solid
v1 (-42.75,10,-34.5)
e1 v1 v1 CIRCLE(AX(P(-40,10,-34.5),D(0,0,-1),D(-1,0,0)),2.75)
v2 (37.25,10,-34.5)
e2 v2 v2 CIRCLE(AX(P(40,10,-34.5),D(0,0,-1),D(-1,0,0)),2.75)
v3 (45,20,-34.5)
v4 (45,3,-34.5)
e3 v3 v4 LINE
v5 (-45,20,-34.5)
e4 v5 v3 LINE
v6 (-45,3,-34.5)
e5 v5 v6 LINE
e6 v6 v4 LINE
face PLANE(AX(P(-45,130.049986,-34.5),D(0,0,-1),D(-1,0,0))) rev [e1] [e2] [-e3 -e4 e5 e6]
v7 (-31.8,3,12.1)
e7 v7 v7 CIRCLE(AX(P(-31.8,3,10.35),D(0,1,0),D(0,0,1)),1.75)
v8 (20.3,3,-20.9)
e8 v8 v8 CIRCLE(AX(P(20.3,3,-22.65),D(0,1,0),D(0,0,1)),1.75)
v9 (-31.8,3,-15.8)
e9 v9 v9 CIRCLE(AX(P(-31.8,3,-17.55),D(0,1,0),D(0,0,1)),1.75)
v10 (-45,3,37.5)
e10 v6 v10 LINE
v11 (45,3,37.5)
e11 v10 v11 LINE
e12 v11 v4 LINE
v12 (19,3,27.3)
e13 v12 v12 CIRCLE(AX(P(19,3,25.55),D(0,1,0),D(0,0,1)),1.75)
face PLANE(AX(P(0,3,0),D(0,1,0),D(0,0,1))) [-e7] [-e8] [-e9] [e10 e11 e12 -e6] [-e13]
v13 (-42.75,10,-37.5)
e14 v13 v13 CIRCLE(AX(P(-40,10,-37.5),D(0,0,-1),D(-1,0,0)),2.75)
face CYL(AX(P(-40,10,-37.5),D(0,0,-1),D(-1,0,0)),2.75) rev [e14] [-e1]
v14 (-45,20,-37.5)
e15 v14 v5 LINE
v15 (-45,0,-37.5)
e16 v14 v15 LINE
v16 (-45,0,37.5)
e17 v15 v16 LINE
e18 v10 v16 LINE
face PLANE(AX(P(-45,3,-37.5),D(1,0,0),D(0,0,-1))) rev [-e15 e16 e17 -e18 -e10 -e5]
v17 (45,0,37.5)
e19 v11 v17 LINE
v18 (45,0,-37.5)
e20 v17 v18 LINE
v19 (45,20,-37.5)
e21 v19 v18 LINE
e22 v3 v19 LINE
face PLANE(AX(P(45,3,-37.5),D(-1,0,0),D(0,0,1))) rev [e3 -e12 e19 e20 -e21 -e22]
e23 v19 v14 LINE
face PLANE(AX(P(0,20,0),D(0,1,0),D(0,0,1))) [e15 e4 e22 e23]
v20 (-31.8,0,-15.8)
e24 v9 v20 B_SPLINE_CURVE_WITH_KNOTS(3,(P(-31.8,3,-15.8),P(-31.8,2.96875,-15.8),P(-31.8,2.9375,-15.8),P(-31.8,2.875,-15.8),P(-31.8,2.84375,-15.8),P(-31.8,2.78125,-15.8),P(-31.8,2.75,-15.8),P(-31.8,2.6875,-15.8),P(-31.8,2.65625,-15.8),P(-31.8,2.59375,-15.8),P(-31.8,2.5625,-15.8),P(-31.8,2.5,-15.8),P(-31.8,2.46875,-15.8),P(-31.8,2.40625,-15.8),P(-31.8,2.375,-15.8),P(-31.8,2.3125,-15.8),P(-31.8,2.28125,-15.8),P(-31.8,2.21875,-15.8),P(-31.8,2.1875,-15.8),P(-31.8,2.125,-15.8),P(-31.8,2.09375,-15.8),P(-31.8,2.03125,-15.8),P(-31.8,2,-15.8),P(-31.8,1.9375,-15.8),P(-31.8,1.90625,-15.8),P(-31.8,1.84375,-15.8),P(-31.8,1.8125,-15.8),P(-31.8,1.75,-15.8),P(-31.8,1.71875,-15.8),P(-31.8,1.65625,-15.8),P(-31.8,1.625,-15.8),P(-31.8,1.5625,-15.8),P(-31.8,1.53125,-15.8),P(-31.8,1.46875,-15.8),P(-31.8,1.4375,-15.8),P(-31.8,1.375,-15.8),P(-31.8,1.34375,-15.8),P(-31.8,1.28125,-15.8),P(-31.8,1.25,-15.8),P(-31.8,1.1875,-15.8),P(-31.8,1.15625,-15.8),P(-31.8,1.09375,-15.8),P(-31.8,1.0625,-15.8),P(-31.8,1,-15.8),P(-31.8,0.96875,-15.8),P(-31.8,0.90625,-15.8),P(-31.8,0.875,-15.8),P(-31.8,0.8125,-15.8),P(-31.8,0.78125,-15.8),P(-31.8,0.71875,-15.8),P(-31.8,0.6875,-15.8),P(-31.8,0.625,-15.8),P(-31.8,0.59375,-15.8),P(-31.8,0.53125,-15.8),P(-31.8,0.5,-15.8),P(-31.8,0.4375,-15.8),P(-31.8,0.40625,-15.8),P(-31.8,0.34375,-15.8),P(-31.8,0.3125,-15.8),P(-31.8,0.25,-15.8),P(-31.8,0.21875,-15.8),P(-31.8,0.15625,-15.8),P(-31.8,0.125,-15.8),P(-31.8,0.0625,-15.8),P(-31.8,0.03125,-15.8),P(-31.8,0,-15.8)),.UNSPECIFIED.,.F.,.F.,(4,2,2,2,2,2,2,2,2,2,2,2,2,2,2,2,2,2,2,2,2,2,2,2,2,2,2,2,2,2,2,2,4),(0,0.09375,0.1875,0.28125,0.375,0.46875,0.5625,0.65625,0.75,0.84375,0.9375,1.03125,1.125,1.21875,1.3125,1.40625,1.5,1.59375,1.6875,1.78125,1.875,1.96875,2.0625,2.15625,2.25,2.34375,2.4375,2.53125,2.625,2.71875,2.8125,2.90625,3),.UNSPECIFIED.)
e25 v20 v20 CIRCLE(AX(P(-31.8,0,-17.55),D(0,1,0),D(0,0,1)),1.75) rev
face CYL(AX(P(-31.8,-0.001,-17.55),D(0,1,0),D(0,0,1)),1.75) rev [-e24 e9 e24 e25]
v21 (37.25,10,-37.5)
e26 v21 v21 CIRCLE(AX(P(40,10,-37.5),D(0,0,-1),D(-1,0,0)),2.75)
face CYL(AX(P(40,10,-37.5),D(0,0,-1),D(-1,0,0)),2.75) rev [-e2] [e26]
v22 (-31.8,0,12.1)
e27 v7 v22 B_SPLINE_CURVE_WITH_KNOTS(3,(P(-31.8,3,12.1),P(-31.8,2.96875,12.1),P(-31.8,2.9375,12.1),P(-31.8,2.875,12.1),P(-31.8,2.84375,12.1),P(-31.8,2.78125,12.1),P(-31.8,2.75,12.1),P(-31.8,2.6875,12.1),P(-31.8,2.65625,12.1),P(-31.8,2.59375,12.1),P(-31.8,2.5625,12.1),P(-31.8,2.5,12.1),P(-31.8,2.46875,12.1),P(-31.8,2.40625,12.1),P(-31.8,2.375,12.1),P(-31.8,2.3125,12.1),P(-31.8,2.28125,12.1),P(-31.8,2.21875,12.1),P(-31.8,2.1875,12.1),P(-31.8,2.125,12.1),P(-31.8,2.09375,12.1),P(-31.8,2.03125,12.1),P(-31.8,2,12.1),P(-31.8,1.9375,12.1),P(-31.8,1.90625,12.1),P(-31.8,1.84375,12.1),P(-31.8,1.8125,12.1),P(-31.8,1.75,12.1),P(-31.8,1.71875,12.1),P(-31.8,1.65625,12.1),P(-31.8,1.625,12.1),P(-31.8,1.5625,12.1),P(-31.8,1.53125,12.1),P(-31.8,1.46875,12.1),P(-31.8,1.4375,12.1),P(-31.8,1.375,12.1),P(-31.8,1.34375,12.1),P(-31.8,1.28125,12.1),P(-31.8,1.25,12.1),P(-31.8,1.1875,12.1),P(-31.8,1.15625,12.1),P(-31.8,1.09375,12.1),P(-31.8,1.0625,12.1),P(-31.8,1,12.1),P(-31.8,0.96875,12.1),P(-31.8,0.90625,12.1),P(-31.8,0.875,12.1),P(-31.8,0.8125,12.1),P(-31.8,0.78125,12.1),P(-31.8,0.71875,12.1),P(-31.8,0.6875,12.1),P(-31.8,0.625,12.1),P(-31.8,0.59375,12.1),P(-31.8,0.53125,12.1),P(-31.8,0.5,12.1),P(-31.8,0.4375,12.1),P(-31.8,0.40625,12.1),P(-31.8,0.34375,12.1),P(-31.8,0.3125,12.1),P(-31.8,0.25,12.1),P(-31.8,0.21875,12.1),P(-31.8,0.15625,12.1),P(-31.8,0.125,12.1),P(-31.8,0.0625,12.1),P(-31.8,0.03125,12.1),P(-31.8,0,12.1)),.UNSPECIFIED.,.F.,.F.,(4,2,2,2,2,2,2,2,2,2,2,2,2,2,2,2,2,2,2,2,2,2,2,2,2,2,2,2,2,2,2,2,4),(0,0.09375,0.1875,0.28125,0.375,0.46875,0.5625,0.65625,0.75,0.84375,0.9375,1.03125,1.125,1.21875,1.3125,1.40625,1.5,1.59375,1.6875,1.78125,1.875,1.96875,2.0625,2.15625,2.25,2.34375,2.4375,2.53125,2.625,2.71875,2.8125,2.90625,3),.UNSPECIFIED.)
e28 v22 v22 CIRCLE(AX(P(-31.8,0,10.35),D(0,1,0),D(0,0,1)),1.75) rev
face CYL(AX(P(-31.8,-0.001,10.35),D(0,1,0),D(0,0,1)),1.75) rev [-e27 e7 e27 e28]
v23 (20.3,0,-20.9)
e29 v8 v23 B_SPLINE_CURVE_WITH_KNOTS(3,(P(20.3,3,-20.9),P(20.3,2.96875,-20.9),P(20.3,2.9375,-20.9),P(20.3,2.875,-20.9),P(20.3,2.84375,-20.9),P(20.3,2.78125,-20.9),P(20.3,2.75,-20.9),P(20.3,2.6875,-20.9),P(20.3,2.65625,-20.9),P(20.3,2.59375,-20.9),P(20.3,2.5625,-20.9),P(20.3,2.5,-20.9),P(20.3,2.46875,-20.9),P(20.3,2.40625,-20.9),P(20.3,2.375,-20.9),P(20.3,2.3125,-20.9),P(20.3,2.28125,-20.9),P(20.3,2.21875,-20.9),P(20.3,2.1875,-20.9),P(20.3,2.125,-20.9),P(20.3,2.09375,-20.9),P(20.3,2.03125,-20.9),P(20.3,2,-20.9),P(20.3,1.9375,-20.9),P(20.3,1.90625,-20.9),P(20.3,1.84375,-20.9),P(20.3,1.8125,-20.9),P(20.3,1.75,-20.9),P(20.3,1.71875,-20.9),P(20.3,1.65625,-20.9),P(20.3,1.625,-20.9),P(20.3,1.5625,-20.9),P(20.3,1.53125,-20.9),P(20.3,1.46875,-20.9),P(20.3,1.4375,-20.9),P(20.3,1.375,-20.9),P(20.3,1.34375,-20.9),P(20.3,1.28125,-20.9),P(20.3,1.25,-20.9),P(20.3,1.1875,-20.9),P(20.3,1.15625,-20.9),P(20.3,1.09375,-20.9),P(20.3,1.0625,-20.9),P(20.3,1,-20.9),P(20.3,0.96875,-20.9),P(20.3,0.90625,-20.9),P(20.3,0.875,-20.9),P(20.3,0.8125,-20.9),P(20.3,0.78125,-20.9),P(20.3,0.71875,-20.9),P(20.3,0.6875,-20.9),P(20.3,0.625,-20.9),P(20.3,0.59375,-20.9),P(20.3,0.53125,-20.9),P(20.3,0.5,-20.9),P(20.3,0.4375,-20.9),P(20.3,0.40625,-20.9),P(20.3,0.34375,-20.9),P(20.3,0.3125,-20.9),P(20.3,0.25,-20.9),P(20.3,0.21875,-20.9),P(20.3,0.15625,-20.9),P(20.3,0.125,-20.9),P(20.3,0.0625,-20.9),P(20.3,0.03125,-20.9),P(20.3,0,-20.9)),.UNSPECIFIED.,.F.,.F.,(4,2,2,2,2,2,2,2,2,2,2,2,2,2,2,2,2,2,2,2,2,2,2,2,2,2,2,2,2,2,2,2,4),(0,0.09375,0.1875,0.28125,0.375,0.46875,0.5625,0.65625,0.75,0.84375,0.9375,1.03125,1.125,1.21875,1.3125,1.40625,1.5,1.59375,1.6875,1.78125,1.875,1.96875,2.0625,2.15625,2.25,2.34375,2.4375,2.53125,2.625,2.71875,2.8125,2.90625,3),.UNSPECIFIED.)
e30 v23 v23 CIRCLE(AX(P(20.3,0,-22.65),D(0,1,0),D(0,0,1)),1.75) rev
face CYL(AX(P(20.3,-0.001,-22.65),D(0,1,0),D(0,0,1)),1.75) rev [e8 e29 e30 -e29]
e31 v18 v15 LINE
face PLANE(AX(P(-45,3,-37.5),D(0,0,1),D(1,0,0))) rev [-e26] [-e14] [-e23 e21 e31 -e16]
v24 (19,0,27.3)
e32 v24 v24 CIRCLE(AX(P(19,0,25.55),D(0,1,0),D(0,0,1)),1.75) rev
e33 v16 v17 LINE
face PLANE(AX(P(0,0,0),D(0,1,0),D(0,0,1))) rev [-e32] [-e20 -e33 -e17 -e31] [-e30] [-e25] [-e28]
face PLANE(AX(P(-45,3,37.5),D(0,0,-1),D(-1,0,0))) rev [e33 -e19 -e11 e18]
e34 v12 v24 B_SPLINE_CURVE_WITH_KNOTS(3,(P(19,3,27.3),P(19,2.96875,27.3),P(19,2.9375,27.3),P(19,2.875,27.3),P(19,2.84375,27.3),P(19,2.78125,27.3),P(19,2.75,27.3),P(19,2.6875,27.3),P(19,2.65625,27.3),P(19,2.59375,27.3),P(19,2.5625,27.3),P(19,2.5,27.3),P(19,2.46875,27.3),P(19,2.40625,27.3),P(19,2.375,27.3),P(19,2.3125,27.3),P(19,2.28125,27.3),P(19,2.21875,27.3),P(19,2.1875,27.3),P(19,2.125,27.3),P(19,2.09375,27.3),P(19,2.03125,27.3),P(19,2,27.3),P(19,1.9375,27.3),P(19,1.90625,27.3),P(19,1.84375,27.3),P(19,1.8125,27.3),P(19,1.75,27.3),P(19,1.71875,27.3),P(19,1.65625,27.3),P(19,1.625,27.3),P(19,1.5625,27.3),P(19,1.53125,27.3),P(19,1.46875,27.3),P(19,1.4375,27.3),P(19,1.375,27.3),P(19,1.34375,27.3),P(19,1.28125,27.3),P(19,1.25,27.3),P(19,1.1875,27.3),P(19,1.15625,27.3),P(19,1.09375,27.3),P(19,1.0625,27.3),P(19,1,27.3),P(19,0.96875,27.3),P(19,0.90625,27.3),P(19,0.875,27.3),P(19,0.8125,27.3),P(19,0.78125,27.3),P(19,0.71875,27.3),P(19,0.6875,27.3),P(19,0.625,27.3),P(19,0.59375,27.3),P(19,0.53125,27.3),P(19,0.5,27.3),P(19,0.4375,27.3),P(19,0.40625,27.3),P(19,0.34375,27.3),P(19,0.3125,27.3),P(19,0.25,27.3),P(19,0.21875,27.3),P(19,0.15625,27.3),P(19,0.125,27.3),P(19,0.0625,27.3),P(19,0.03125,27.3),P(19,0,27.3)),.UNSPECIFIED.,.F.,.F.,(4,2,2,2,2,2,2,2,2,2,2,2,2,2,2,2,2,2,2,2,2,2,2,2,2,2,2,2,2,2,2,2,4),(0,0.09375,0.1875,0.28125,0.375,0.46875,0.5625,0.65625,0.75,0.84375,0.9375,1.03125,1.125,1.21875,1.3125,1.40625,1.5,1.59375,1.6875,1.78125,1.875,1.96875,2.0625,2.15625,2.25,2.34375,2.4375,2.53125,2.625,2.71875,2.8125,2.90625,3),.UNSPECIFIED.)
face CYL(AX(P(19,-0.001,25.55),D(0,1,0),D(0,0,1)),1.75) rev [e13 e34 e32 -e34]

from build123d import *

# Parameters (mm, degrees)
SKETCH1_W            = 90
SKETCH1_H            = 75
BOSS_EXTRUDE1_DEPTH  = 3
SKETCH2_W            = 90
SKETCH2_H            = 3
BOSS_EXTRUDE2_DEPTH  = 17
M5_CLEARANCE_HOLE1_D = 5.5
CUT_EXTRUDE1_REACH   = 62.994
SKETCH5_R            = 1.75


with BuildPart() as part:
    # Sketch1 → Boss-Extrude1 (new body)
    with BuildSketch(Plane(origin=(0, 0, 0), x_dir=(1, 0, 0), z_dir=(0, 1, 0))):
        Rectangle(SKETCH1_W, SKETCH1_H)
    extrude(amount=BOSS_EXTRUDE1_DEPTH)

    # Sketch2 → Boss-Extrude2 (add)
    with BuildSketch(Plane(origin=(0, 3, 0), x_dir=(1, 0, 0), z_dir=(0, 1, 0))):
        with Locations((0, 36)):
            Rectangle(SKETCH2_W, SKETCH2_H)
    extrude(amount=BOSS_EXTRUDE2_DEPTH)

    # M5 Clearance Hole1 (through all)
    with Locations(Plane(origin=(40, 10, -37.5), x_dir=(-1, 0, 0), z_dir=(0, 0, -1))):
        with Locations((0, 0), (80, 0)):
            Hole(M5_CLEARANCE_HOLE1_D / 2)

    # Sketch5 → Cut-Extrude1 (cut, up to next)
    with BuildSketch(Plane(origin=(0, 3, 0), x_dir=(1, 0, 0), z_dir=(0, 1, 0)), mode=Mode.PRIVATE) as cut_extrude1_sk1:
        with Locations(Location((-31.8, 17.55, 0), (0, 0, 270))):
            Circle(SKETCH5_R)
    cut_extrude1_tool1 = extrude(cut_extrude1_sk1.sketch, amount=-CUT_EXTRUDE1_REACH, mode=Mode.PRIVATE) & part.part
    # Sketch5 → Cut-Extrude1 (cut, up to next)
    with BuildSketch(Plane(origin=(0, 3, 0), x_dir=(1, 0, 0), z_dir=(0, 1, 0)), mode=Mode.PRIVATE) as cut_extrude1_sk2:
        with Locations(Location((-31.8, -10.35, 0), (0, 0, 270))):
            Circle(SKETCH5_R)
    cut_extrude1_tool2 = extrude(cut_extrude1_sk2.sketch, amount=-CUT_EXTRUDE1_REACH, mode=Mode.PRIVATE) & part.part
    # Sketch5 → Cut-Extrude1 (cut, up to next)
    with BuildSketch(Plane(origin=(0, 3, 0), x_dir=(1, 0, 0), z_dir=(0, 1, 0)), mode=Mode.PRIVATE) as cut_extrude1_sk3:
        with Locations(Location((19, -25.55, 0), (0, 0, 270))):
            Circle(SKETCH5_R)
    cut_extrude1_tool3 = extrude(cut_extrude1_sk3.sketch, amount=-CUT_EXTRUDE1_REACH, mode=Mode.PRIVATE) & part.part
    # Sketch5 → Cut-Extrude1 (cut, up to next)
    with BuildSketch(Plane(origin=(0, 3, 0), x_dir=(1, 0, 0), z_dir=(0, 1, 0)), mode=Mode.PRIVATE) as cut_extrude1_sk4:
        with Locations(Location((20.3, 22.65, 0), (0, 0, 270))):
            Circle(SKETCH5_R)
    cut_extrude1_tool4 = extrude(cut_extrude1_sk4.sketch, amount=-CUT_EXTRUDE1_REACH, mode=Mode.PRIVATE) & part.part
    add(cut_extrude1_tool1.solids().sort_by_distance((-31.8, 3, -17.55))[0], mode=Mode.SUBTRACT)
    add(cut_extrude1_tool2.solids().sort_by_distance((-31.8, 3, 10.35))[0], mode=Mode.SUBTRACT)
    add(cut_extrude1_tool3.solids().sort_by_distance((19, 3, 25.55))[0], mode=Mode.SUBTRACT)
    add(cut_extrude1_tool4.solids().sort_by_distance((20.3, 3, -22.65))[0], mode=Mode.SUBTRACT)


solid = part.part
